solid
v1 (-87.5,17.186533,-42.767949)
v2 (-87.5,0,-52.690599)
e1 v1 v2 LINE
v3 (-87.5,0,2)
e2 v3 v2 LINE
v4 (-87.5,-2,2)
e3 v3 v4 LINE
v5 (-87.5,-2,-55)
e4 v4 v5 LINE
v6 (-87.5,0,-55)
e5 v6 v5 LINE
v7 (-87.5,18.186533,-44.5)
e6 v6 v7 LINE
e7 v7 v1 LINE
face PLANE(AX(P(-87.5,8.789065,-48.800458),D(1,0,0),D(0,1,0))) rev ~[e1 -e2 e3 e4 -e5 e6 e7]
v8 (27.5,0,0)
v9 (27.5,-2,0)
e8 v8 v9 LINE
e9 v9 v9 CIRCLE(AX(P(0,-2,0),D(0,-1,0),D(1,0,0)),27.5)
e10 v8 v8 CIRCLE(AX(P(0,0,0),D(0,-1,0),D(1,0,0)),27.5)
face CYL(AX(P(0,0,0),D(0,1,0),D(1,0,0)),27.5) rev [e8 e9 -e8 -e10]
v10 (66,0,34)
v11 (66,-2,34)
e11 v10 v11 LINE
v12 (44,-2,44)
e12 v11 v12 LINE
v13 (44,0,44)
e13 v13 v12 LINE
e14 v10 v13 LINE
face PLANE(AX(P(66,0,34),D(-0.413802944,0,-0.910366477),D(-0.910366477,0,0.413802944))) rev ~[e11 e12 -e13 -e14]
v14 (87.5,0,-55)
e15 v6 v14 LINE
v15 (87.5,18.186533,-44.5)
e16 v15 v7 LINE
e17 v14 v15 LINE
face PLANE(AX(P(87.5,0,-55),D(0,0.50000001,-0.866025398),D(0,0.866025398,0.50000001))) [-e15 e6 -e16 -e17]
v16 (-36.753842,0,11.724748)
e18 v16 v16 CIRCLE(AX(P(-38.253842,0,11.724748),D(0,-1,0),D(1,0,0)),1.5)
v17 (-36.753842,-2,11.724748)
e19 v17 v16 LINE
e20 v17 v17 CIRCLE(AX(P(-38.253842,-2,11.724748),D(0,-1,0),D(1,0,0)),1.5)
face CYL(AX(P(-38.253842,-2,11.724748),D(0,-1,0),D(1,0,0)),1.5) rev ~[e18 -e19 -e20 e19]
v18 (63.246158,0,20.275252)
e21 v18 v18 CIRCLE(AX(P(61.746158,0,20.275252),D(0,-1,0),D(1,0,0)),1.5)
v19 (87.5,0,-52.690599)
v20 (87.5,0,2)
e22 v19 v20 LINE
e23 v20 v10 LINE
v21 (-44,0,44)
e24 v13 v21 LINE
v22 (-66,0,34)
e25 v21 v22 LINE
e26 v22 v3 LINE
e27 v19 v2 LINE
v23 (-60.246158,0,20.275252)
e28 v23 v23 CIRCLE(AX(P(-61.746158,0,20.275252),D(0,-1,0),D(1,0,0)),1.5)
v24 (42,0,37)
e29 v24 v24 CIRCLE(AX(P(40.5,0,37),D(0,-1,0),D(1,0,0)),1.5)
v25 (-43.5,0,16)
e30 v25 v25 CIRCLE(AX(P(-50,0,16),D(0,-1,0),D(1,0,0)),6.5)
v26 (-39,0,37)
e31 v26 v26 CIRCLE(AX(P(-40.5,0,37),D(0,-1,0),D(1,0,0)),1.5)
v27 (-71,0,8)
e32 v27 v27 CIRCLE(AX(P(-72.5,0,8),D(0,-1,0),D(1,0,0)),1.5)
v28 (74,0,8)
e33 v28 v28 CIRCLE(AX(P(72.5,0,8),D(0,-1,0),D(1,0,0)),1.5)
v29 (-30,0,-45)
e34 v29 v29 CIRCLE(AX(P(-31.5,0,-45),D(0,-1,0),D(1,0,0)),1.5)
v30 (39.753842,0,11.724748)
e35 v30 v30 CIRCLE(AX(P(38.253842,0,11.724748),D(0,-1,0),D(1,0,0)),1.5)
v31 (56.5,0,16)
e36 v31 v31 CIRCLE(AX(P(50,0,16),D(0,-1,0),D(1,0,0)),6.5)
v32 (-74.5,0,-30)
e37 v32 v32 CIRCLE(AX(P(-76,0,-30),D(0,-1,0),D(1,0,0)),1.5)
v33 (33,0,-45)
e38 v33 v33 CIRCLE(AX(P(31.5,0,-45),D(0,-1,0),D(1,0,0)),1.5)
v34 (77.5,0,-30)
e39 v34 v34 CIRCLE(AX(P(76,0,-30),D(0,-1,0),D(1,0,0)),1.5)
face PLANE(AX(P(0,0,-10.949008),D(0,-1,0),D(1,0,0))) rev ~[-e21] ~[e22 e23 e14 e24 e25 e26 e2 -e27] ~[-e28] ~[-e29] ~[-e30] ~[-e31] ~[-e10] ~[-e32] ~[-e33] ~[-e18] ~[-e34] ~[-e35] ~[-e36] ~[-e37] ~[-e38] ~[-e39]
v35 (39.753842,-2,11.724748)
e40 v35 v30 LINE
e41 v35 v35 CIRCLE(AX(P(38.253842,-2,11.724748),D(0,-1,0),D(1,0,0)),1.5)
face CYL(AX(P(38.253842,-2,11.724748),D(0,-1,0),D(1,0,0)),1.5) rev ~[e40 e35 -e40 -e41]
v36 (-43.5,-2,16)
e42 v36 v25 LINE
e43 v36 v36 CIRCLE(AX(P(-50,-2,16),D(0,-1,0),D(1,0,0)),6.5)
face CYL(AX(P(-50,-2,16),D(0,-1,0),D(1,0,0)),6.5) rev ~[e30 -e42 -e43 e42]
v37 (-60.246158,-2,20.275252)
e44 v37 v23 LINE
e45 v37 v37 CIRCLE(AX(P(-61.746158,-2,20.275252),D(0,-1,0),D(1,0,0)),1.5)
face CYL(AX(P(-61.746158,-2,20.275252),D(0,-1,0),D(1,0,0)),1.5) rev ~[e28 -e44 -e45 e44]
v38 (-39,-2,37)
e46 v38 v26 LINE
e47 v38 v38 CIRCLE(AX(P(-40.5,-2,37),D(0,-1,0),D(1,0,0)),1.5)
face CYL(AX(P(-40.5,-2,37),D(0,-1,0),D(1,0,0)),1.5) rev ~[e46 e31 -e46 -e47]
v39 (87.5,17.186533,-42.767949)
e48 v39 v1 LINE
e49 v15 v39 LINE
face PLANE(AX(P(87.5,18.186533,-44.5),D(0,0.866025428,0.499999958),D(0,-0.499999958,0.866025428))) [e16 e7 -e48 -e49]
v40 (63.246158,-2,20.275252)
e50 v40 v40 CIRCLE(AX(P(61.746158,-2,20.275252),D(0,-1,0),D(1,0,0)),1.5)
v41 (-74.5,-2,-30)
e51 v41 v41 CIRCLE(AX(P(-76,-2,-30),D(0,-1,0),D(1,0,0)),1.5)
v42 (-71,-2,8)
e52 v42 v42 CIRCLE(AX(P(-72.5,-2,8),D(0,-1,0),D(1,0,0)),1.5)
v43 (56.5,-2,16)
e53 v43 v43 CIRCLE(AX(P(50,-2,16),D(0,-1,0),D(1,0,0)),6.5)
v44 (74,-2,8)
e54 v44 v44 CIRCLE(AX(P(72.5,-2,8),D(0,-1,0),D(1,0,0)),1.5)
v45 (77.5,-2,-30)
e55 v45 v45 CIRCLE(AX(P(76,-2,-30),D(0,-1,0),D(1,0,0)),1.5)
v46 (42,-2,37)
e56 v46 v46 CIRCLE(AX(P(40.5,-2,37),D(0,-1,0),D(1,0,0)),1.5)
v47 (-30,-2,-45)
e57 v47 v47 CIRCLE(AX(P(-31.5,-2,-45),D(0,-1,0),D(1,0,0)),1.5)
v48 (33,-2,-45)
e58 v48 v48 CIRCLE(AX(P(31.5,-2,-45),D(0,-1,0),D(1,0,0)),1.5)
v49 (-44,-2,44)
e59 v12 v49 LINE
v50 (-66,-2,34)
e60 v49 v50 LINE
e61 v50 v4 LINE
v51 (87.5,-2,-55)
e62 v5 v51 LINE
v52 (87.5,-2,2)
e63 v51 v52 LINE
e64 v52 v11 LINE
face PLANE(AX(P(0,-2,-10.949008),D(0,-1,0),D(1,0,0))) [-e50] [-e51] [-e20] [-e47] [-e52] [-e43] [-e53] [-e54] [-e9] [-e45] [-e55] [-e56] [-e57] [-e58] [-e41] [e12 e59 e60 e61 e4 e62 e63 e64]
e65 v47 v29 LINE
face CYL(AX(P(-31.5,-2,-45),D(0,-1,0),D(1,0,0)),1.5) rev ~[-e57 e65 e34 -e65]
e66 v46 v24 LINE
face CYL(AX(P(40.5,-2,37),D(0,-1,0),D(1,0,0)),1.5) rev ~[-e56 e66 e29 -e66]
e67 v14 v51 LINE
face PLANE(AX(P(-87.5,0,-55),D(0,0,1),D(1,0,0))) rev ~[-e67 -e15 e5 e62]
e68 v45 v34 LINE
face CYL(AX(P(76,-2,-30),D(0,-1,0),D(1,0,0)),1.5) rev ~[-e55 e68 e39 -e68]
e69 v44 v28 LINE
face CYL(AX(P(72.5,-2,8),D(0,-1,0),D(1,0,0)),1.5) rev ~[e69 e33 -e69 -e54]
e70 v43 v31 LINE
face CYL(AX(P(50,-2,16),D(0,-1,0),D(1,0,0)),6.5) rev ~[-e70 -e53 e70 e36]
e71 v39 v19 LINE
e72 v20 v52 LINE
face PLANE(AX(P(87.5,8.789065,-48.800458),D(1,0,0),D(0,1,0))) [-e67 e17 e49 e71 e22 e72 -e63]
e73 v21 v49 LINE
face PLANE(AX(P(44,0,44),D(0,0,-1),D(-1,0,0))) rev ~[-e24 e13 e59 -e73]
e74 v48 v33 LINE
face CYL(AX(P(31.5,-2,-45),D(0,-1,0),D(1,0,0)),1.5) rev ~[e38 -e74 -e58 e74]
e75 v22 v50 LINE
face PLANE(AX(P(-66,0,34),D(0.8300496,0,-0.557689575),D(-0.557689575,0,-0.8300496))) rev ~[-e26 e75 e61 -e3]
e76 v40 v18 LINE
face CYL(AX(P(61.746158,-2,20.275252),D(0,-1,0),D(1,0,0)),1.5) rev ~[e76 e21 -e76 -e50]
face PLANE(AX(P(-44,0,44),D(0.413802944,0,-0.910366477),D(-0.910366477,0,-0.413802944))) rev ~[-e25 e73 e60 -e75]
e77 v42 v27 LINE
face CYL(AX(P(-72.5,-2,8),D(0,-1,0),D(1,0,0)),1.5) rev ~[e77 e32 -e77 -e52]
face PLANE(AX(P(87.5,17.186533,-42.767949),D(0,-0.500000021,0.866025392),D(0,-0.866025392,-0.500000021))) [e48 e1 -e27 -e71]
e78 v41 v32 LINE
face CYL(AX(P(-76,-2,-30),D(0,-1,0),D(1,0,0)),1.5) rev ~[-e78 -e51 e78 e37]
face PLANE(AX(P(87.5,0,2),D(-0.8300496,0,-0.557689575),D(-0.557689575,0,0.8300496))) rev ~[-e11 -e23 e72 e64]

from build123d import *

# Parameters (mm, degrees)
F0_R     = 27.5
F1_DEPTH = 2
F2_R     = 6.5
F2_R_2   = 1.5
F3_DEPTH = 2
F4_R     = 1.5
F5_DEPTH = 2
F7_DEPTH = 175


with BuildPart() as f1:
    # F0 (on Front) → F1 (new body)
    with BuildSketch(Plane.XZ):
        Polygon((44, 44), (-44, 44), (-66, 34), (-87.5, 2), (-87.5, -55), (87.5, -55), (87.5, 2), (66, 34), align=None)
        Circle(F0_R, mode=Mode.SUBTRACT)
    extrude(amount=F1_DEPTH)

    # F2 (on face) → F3 (cut, through all)
    with BuildSketch(Plane.XZ.offset(2)):
        with Locations((50, 16)):
            Circle(F2_R)
        with Locations((61.746158, 20.275252)):
            Circle(F2_R_2)
        with Locations((38.253842, 11.724748)):
            Circle(F2_R_2)
        with Locations((-38.253842, 11.724748)):
            Circle(F2_R_2)
        with Locations((-61.746158, 20.275252)):
            Circle(F2_R_2)
        with Locations((-50, 16)):
            Circle(F2_R)
    extrude(amount=-F3_DEPTH, mode=Mode.SUBTRACT)

    # F4 (on face) → F5 (cut, through all)
    with BuildSketch(Plane.XZ.offset(2)):
        with Locations((-31.5, -45)):
            Circle(F4_R)
        with Locations((31.5, -45)):
            Circle(F4_R)
        with Locations((76, -30)):
            Circle(F4_R)
        with Locations((72.5, 8)):
            Circle(F4_R)
        with Locations((40.5, 37)):
            Circle(F4_R)
        with Locations((-40.5, 37)):
            Circle(F4_R)
        with Locations((-76, -30)):
            Circle(F4_R)
        with Locations((-72.5, 8)):
            Circle(F4_R)
    extrude(amount=-F5_DEPTH, mode=Mode.SUBTRACT)

    # F6 (on face) → F7 (join, through all)
    with BuildSketch(Plane.YZ.offset(87.5)):
        Polygon((0, -52.690599), (0, -55), (18.186533, -44.5), (17.186533, -42.767949), align=None)
    extrude(amount=-F7_DEPTH)


solid = f1.part
